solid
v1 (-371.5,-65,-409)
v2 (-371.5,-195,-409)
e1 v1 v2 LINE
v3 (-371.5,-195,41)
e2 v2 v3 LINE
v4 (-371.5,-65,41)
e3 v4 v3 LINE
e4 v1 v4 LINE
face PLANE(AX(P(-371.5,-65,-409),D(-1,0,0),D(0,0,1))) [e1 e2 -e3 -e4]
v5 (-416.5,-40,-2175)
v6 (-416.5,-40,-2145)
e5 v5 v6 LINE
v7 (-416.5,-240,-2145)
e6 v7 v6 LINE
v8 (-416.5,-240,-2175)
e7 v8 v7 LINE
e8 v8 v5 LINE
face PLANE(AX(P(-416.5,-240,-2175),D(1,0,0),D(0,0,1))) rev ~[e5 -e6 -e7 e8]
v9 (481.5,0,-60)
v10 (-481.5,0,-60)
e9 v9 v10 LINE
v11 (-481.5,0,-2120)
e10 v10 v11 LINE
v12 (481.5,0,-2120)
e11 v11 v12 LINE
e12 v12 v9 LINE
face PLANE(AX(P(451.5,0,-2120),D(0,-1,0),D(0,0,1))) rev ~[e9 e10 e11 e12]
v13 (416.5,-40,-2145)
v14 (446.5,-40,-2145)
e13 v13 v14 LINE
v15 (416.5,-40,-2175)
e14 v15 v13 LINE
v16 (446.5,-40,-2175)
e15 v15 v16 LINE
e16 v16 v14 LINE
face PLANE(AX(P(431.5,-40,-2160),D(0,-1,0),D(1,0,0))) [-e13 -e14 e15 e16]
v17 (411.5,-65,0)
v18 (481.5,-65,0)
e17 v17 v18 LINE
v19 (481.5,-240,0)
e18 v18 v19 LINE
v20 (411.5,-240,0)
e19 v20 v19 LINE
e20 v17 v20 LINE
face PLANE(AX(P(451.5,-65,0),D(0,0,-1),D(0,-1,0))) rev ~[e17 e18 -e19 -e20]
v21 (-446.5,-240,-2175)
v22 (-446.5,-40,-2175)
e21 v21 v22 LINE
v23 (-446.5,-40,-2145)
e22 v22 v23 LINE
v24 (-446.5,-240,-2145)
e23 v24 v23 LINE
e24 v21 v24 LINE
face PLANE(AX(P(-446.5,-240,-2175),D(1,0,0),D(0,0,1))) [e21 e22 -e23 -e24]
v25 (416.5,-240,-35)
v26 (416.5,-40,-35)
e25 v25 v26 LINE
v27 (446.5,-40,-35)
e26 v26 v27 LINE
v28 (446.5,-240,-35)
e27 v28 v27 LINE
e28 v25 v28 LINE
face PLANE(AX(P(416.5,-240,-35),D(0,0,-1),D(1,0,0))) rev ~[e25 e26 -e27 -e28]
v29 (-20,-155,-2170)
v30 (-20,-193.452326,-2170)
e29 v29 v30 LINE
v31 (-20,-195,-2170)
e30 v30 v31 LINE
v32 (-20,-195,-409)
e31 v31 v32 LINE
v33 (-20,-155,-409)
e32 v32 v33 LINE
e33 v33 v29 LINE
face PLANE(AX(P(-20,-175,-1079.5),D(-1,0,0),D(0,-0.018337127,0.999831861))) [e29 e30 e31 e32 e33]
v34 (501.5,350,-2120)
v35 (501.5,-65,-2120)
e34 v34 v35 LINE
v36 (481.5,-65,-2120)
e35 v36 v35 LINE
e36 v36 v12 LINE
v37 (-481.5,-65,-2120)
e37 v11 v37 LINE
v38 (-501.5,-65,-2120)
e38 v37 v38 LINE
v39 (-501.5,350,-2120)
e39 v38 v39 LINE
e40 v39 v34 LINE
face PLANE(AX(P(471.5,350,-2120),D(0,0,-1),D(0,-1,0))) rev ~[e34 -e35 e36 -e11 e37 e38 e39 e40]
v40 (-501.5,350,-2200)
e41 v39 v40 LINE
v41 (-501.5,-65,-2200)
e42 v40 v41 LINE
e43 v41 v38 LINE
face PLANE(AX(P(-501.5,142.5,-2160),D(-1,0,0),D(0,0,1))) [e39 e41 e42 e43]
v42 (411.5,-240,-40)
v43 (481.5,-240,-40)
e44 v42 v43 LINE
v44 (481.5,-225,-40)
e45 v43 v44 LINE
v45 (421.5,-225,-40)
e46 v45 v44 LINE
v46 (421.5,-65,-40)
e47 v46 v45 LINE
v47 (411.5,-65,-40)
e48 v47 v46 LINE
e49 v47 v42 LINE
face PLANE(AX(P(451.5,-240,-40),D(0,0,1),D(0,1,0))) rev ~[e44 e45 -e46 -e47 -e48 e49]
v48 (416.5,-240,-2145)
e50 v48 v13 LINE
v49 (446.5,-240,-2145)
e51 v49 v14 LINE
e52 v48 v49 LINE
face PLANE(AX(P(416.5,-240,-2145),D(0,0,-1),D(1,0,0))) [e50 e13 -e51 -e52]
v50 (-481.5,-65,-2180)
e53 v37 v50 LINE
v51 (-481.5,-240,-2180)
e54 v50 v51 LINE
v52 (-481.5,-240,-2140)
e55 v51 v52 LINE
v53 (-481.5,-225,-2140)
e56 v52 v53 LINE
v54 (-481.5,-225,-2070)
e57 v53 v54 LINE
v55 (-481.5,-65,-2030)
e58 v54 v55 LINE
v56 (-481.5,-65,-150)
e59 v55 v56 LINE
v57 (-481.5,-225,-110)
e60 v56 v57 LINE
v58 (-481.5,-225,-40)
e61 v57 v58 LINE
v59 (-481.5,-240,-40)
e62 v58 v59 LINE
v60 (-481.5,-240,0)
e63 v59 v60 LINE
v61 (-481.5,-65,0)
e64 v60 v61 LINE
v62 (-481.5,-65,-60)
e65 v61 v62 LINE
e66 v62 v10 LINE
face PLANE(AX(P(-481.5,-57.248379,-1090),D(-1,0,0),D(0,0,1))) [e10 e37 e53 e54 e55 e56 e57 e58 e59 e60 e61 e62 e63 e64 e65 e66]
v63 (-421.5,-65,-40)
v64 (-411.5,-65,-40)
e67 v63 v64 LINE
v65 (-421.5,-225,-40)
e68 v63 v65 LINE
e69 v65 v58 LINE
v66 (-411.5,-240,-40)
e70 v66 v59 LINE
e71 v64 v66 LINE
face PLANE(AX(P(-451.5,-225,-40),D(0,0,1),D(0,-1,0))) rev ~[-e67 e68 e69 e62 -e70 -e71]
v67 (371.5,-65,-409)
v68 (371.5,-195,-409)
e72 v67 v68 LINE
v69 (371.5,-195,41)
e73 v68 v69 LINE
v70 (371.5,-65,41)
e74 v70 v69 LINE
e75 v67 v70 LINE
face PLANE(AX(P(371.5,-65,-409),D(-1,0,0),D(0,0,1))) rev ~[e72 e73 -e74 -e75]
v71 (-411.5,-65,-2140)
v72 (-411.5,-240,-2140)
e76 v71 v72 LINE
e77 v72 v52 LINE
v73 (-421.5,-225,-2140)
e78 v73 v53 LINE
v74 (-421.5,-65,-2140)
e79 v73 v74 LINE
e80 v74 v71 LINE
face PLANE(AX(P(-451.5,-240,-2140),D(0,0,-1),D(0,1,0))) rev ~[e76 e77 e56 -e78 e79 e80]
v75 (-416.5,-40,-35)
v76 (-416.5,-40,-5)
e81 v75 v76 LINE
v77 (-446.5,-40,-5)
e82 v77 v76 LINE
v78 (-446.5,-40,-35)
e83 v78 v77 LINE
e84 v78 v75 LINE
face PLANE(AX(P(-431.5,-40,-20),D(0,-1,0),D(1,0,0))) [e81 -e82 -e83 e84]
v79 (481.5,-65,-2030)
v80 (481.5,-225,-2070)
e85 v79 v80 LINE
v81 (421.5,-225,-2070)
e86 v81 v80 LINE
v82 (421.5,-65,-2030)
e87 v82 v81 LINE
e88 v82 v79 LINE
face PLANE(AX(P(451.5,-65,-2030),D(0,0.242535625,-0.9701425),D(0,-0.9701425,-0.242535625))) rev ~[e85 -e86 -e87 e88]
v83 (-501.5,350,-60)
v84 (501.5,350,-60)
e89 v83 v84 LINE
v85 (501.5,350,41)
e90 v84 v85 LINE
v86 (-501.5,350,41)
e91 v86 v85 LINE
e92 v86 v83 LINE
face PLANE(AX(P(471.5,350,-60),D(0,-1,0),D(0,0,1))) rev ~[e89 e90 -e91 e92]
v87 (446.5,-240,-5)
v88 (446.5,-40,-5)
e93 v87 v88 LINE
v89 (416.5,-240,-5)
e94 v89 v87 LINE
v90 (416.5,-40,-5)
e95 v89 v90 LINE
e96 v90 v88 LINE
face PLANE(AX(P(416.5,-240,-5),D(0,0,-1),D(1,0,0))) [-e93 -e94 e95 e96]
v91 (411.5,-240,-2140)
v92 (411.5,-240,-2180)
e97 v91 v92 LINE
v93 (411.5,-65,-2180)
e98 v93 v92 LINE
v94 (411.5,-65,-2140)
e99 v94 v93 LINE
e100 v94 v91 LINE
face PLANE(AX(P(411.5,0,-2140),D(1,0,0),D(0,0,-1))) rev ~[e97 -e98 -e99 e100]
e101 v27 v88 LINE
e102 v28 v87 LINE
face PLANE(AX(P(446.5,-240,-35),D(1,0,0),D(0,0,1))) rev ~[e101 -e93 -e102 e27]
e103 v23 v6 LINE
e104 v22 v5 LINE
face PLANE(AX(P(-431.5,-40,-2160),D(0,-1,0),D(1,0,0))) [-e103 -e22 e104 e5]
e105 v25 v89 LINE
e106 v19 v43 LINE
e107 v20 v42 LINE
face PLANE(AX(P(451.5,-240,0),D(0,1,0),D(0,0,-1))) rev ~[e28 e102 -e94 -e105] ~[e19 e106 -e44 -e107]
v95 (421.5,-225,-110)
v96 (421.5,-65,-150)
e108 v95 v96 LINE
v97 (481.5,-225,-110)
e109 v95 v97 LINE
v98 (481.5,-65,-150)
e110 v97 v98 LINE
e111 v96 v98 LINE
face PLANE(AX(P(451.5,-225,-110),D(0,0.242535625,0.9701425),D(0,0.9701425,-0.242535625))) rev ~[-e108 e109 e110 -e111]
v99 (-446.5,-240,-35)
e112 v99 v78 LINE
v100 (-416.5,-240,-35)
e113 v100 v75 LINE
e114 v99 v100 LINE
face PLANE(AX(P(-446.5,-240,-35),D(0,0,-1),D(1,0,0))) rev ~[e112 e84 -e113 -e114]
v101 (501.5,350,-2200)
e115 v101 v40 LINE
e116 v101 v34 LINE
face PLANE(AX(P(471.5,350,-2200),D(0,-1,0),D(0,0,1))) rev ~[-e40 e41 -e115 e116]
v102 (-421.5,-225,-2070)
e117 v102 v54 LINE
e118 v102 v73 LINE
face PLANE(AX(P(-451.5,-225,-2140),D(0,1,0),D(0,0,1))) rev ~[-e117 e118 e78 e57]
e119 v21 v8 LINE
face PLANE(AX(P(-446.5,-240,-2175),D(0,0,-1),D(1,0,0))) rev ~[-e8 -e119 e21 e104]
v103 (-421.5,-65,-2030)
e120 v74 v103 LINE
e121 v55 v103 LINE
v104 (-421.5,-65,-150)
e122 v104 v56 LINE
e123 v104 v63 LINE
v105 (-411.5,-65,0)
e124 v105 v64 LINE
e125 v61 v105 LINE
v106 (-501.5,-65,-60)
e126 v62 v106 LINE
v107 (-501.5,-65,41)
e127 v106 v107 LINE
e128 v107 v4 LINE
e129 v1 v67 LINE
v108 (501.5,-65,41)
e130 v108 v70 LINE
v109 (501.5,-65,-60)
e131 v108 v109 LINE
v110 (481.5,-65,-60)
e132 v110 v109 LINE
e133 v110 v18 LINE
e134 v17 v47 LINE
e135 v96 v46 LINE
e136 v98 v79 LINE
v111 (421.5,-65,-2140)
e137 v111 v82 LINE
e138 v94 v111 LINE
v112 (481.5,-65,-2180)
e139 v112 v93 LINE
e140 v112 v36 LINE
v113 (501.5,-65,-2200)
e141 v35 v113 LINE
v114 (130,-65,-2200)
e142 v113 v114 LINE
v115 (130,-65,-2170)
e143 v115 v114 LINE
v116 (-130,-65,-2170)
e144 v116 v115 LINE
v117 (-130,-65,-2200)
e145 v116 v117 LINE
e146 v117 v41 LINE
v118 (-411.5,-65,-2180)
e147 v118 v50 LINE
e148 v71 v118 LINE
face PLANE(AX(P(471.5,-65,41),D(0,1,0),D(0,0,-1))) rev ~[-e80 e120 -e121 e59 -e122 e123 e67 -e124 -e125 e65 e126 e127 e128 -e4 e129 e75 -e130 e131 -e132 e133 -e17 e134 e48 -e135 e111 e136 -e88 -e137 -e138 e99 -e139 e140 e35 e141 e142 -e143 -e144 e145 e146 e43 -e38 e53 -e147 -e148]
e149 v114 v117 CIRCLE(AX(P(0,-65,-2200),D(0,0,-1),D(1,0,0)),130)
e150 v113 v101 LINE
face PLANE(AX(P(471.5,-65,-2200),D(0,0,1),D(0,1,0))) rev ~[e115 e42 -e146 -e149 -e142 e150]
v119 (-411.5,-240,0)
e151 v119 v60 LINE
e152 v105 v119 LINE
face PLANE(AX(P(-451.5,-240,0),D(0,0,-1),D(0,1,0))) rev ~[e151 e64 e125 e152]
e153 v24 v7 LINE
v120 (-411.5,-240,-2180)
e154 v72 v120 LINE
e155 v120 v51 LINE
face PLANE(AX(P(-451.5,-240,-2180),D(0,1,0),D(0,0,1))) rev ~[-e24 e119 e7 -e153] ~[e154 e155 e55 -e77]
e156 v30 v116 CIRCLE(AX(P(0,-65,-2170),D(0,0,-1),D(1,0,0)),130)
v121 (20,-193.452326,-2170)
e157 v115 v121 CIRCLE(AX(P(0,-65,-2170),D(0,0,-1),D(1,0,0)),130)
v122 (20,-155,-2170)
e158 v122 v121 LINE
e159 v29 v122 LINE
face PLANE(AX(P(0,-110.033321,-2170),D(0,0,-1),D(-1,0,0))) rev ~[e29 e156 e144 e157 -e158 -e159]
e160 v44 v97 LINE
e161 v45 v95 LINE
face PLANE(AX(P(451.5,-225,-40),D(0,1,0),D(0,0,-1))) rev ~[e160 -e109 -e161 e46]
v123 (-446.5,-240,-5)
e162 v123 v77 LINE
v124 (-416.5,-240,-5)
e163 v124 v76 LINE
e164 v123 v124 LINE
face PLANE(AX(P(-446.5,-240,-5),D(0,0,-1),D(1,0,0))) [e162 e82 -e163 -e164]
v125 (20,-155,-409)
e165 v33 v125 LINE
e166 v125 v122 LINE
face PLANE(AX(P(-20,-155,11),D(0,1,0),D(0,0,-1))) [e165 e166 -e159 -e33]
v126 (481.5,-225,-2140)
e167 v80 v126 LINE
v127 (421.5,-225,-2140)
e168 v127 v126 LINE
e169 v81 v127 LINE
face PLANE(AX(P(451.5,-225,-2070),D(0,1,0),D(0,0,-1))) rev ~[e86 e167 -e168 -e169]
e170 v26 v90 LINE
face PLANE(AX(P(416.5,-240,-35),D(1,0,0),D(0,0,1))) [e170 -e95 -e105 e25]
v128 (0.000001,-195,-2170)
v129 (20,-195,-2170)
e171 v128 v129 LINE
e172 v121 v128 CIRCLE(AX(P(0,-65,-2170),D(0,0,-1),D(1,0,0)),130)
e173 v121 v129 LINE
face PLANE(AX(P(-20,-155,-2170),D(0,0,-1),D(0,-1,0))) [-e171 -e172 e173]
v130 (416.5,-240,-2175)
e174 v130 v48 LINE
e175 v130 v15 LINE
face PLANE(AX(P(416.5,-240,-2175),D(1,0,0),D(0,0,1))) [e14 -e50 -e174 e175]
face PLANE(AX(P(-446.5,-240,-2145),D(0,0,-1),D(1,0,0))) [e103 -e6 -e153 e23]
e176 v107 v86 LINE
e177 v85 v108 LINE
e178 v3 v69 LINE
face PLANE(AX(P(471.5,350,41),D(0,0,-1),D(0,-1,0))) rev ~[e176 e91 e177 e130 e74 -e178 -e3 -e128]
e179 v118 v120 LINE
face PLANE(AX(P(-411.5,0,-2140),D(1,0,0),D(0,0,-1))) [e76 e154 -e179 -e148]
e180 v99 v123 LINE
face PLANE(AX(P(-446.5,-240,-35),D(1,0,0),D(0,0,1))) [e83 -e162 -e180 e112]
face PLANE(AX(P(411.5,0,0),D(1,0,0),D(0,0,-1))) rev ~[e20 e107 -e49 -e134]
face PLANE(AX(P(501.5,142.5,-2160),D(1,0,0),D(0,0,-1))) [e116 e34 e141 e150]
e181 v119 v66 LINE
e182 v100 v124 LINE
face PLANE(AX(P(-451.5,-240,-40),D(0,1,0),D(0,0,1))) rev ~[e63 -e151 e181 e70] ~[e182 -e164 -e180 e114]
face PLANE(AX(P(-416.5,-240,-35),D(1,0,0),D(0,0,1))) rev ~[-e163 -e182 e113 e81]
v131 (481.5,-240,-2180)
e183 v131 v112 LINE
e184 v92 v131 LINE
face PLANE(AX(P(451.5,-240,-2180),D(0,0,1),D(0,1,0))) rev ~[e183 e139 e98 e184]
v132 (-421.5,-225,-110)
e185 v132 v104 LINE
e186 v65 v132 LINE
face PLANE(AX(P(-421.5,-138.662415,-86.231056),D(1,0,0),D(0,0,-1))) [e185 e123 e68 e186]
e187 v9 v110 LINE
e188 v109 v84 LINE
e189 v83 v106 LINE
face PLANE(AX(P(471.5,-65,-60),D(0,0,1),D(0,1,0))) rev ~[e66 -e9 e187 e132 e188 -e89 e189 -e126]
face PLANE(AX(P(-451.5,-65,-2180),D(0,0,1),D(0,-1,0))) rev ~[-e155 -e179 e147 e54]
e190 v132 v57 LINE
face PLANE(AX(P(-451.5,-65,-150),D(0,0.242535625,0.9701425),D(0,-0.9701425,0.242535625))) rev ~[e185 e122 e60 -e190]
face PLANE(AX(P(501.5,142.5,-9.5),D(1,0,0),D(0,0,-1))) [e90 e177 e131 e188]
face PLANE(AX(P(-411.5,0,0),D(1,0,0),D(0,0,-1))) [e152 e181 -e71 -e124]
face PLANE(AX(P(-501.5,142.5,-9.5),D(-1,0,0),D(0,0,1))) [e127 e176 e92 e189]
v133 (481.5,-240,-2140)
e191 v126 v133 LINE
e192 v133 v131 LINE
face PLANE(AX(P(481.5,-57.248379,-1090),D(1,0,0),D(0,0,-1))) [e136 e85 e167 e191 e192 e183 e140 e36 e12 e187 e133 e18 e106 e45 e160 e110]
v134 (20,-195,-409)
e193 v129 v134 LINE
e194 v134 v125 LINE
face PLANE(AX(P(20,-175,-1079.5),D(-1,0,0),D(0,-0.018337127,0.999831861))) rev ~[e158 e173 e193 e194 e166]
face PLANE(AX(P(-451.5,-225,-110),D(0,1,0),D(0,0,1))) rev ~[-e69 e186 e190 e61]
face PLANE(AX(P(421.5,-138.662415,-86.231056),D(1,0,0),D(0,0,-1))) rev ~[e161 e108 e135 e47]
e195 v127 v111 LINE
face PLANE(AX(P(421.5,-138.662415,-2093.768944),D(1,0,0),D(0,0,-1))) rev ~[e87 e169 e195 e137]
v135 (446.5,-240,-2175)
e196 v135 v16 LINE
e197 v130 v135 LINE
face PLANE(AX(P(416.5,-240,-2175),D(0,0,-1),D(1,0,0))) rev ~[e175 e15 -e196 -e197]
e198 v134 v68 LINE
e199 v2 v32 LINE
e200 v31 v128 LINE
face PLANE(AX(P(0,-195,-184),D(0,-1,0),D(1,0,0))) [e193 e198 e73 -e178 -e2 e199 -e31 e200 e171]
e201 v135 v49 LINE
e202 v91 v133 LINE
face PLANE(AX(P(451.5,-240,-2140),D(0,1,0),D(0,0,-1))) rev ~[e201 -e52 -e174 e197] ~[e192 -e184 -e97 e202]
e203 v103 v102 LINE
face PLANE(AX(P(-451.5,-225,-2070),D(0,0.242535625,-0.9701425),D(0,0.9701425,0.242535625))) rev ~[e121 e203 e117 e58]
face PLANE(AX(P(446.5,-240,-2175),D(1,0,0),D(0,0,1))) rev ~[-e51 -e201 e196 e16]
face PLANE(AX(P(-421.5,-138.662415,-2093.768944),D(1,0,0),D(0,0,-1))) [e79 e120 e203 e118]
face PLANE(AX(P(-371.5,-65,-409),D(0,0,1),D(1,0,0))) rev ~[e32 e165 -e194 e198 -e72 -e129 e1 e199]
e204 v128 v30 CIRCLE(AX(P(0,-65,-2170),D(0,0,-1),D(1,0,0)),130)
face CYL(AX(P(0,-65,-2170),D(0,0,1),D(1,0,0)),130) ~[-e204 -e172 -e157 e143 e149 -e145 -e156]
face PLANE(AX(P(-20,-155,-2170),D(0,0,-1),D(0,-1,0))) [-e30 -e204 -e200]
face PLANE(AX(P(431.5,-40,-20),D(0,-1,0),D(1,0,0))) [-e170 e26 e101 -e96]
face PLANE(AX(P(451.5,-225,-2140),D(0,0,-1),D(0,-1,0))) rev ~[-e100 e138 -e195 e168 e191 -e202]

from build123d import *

# Parameters (mm, degrees)
BOSS_EXTRUDE1_DEPTH      = 65
BOSS_EXTRUDE2_DEPTH      = 350
BOSS_EXTRUDE2_DEPTH_BACK = 50
SKETCH1_3_W              = 943
SKETCH1_3_H              = 80
SKETCH1_3_H_2            = 101
SKETCH1_4_W              = 40
SKETCH1_4_H              = 40
BOSS_EXTRUDE3_DEPTH      = 240
BOSS_EXTRUDE4_DEPTH      = 30
BOSS_EXTRUDE5_DEPTH      = 30
SKETCH5_W                = 30
SKETCH5_H                = 30
CUT_EXTRUDE1_DEPTH       = 200
BOSS_EXTRUDE6_DEPTH      = 30
BOSS_EXTRUDE7_START      = -30
BOSS_EXTRUDE7_DEPTH      = 30
BOSS_EXTRUDE8_DEPTH      = 20
BOSS_EXTRUDE8_DEPTH_BACK = 20
SKETCH8_W                = 743
SKETCH8_H                = 450
BOSS_EXTRUDE9_DEPTH      = 130
BOSS_EXTRUDE14_DEPTH     = 30
BOSS_EXTRUDE15_DEPTH     = 30
BOSS_EXTRUDE16_DEPTH     = 30
BOSS_EXTRUDE17_DEPTH     = 30
BOSS_EXTRUDE18_DEPTH     = 30
BOSS_EXTRUDE19_DEPTH     = 30


with BuildPart() as part:
    # Sketch1 → Boss-Extrude1 (new body)
    with BuildSketch(Plane(origin=(0, 0, 0), x_dir=(1, 0, 0), z_dir=(0, 1, 0))):
        Polygon((-451.5, 60), (-471.5, 60), (-471.5, -41), (471.5, -41), (471.5, 60), (451.5, 60), (451.5, 2120), (471.5, 2120), (471.5, 2200), (-471.5, 2200), (-471.5, 2120), (-451.5, 2120), align=None)
    extrude(amount=-BOSS_EXTRUDE1_DEPTH)

    # Sketch1<3> → Boss-Extrude2 (add, two sides: drawn at the far end of the back side and taken through both)
    with BuildSketch(Plane(origin=(0, 0, 0), x_dir=(1, 0, 0), z_dir=(0, 1, 0)).offset(-BOSS_EXTRUDE2_DEPTH_BACK)):
        with Locations((0, 2160)):
            Rectangle(SKETCH1_3_W, SKETCH1_3_H)
        with Locations((0, 9.5)):
            Rectangle(SKETCH1_3_W, SKETCH1_3_H_2)
    extrude(amount=BOSS_EXTRUDE2_DEPTH + BOSS_EXTRUDE2_DEPTH_BACK)

    # Sketch1<4> → Boss-Extrude3 (add)
    with BuildSketch(Plane(origin=(0, 0, 0), x_dir=(1, 0, 0), z_dir=(0, 1, 0))):
        with Locations((-431.5, 20)):
            Rectangle(SKETCH1_4_W, SKETCH1_4_H)
        with Locations((431.5, 20)):
            Rectangle(SKETCH1_4_W, SKETCH1_4_H)
        with Locations((-431.5, 2160)):
            Rectangle(SKETCH1_4_W, SKETCH1_4_H)
        with Locations((431.5, 2160)):
            Rectangle(SKETCH1_4_W, SKETCH1_4_H)
    extrude(amount=-BOSS_EXTRUDE3_DEPTH)

    # Sketch3 → Boss-Extrude4 (add)
    with BuildSketch(Plane(origin=(451.5, 0, 0), x_dir=(0, 0, -1), z_dir=(1, 0, 0))):
        Polygon((40, -65), (40, -225), (110, -225), (150, -65), align=None)
        Polygon((2140, -65), (2030, -65), (2070, -225), (2140, -225), align=None)
    extrude(amount=-BOSS_EXTRUDE4_DEPTH)

    # Sketch4 → Boss-Extrude5 (add)
    with BuildSketch(Plane(origin=(-451.5, 0, -45.75), x_dir=(0, 0, -1), z_dir=(1, 0, 0))):
        Polygon((2024.25, -225), (2094.25, -225), (2094.25, -65), (1984.25, -65), align=None)
        Polygon((64.25, -225), (104.25, -65), (-5.75, -65), (-5.75, -225), align=None)
    extrude(amount=BOSS_EXTRUDE5_DEPTH)

    # Sketch5 → Cut-Extrude1 (cut)
    with BuildSketch(Plane.XZ.offset(240)):
        with Locations((-431.5, -2160)):
            Rectangle(SKETCH5_W, SKETCH5_H)
        with Locations((431.5, -2160)):
            Rectangle(SKETCH5_W, SKETCH5_H)
        with Locations((431.5, -20)):
            Rectangle(SKETCH5_W, SKETCH5_H)
        with Locations((-431.5, -20)):
            Rectangle(SKETCH5_W, SKETCH5_H)
    extrude(amount=-CUT_EXTRUDE1_DEPTH, mode=Mode.SUBTRACT)

    # Sketch6 → Boss-Extrude6 (add)
    with BuildSketch(Plane.XY.offset(41)):
        with BuildLine():
            Line((130, -65), (-130, -65))
            ThreePointArc((-130, -65), (0, -195), (130, -65))
        make_face()
    extrude(amount=-BOSS_EXTRUDE6_DEPTH)

    # Sketch7 → Boss-Extrude7 (add)
    with BuildSketch(Plane(origin=(0, 0, -2200), x_dir=(-1, 0, 0), z_dir=(0, 0, -1)).offset(BOSS_EXTRUDE7_START)):
        with BuildLine():
            Line((130, -65), (-130, -65))
            ThreePointArc((-130, -65), (0, -195), (130, -65))
        make_face()
    extrude(amount=BOSS_EXTRUDE7_DEPTH)

    # 3DSketch1 → Boss-Extrude8 (add, two sides: drawn at the far end of the back side and taken through both)
    with BuildSketch(Plane(origin=(0, -195, 11), x_dir=(0, 0.018337127203073178, -0.9998318607475651), z_dir=(1, 0, 0)).offset(-BOSS_EXTRUDE8_DEPTH_BACK)):
        Polygon((0, 0), (0.733485088, 39.99327443), (2181.366773379, 0), (2180.63328829, -39.99327443), align=None)
    extrude(amount=BOSS_EXTRUDE8_DEPTH + BOSS_EXTRUDE8_DEPTH_BACK)

    # Sketch8 → Boss-Extrude9 (add)
    with BuildSketch(Plane.XZ.offset(65)):
        with Locations((0, -184)):
            Rectangle(SKETCH8_W, SKETCH8_H)
    extrude(amount=BOSS_EXTRUDE9_DEPTH)

    # Sketch12 → Boss-Extrude14 (add)
    with BuildSketch(Plane.ZY.offset(451.5)):
        Polygon((-60, 0), (-2120, 0), (-2120, -65), (-2180, -65), (-2180, -240), (-2140, -240), (-2140, -225), (-2070, -225), (-2030, -65), (-150, -65), (-110, -225), (-40, -225), (-40, -240), (0, -240), (0, -65), (-60, -65), align=None)
    extrude(amount=BOSS_EXTRUDE14_DEPTH)

    # Sketch13 → Boss-Extrude15 (add)
    with BuildSketch(Plane(origin=(451.5, 0, 0), x_dir=(0, 0, -1), z_dir=(1, 0, 0))):
        Polygon((2120, 0), (60, 0), (60, -65), (0, -65), (0, -240), (40, -240), (40, -225), (110, -225), (150, -65), (2030, -65), (2070, -225), (2140, -225), (2140, -240), (2180, -240), (2180, -65), (2120, -65), align=None)
    extrude(amount=BOSS_EXTRUDE15_DEPTH)

    # Sketch14 → Boss-Extrude16 (add)
    with BuildSketch(Plane.ZY.offset(471.5)):
        Polygon((-2120, 350), (-2200, 350), (-2200, -65), (-2180, -65), (-2120, -65), (-2120, 0), align=None)
    extrude(amount=BOSS_EXTRUDE16_DEPTH)

    # Sketch15 → Boss-Extrude17 (add)
    with BuildSketch(Plane.ZY.offset(471.5)):
        Polygon((41, -65), (41, 350), (-60, 350), (-60, 0), (-60, -65), (0, -65), align=None)
    extrude(amount=BOSS_EXTRUDE17_DEPTH)

    # Sketch16 → Boss-Extrude18 (add)
    with BuildSketch(Plane(origin=(471.5, 0, 0), x_dir=(0, 0, -1), z_dir=(1, 0, 0))):
        Polygon((2200, 350), (2120, 350), (2120, 0), (2120, -65), (2180, -65), (2200, -65), align=None)
    extrude(amount=BOSS_EXTRUDE18_DEPTH)

    # Sketch17 → Boss-Extrude19 (add)
    with BuildSketch(Plane(origin=(471.5, 0, 0), x_dir=(0, 0, -1), z_dir=(1, 0, 0))):
        Polygon((60, -65), (60, 0), (60, 350), (-41, 350), (-41, -65), (0, -65), align=None)
    extrude(amount=BOSS_EXTRUDE19_DEPTH)


solid = part.part
